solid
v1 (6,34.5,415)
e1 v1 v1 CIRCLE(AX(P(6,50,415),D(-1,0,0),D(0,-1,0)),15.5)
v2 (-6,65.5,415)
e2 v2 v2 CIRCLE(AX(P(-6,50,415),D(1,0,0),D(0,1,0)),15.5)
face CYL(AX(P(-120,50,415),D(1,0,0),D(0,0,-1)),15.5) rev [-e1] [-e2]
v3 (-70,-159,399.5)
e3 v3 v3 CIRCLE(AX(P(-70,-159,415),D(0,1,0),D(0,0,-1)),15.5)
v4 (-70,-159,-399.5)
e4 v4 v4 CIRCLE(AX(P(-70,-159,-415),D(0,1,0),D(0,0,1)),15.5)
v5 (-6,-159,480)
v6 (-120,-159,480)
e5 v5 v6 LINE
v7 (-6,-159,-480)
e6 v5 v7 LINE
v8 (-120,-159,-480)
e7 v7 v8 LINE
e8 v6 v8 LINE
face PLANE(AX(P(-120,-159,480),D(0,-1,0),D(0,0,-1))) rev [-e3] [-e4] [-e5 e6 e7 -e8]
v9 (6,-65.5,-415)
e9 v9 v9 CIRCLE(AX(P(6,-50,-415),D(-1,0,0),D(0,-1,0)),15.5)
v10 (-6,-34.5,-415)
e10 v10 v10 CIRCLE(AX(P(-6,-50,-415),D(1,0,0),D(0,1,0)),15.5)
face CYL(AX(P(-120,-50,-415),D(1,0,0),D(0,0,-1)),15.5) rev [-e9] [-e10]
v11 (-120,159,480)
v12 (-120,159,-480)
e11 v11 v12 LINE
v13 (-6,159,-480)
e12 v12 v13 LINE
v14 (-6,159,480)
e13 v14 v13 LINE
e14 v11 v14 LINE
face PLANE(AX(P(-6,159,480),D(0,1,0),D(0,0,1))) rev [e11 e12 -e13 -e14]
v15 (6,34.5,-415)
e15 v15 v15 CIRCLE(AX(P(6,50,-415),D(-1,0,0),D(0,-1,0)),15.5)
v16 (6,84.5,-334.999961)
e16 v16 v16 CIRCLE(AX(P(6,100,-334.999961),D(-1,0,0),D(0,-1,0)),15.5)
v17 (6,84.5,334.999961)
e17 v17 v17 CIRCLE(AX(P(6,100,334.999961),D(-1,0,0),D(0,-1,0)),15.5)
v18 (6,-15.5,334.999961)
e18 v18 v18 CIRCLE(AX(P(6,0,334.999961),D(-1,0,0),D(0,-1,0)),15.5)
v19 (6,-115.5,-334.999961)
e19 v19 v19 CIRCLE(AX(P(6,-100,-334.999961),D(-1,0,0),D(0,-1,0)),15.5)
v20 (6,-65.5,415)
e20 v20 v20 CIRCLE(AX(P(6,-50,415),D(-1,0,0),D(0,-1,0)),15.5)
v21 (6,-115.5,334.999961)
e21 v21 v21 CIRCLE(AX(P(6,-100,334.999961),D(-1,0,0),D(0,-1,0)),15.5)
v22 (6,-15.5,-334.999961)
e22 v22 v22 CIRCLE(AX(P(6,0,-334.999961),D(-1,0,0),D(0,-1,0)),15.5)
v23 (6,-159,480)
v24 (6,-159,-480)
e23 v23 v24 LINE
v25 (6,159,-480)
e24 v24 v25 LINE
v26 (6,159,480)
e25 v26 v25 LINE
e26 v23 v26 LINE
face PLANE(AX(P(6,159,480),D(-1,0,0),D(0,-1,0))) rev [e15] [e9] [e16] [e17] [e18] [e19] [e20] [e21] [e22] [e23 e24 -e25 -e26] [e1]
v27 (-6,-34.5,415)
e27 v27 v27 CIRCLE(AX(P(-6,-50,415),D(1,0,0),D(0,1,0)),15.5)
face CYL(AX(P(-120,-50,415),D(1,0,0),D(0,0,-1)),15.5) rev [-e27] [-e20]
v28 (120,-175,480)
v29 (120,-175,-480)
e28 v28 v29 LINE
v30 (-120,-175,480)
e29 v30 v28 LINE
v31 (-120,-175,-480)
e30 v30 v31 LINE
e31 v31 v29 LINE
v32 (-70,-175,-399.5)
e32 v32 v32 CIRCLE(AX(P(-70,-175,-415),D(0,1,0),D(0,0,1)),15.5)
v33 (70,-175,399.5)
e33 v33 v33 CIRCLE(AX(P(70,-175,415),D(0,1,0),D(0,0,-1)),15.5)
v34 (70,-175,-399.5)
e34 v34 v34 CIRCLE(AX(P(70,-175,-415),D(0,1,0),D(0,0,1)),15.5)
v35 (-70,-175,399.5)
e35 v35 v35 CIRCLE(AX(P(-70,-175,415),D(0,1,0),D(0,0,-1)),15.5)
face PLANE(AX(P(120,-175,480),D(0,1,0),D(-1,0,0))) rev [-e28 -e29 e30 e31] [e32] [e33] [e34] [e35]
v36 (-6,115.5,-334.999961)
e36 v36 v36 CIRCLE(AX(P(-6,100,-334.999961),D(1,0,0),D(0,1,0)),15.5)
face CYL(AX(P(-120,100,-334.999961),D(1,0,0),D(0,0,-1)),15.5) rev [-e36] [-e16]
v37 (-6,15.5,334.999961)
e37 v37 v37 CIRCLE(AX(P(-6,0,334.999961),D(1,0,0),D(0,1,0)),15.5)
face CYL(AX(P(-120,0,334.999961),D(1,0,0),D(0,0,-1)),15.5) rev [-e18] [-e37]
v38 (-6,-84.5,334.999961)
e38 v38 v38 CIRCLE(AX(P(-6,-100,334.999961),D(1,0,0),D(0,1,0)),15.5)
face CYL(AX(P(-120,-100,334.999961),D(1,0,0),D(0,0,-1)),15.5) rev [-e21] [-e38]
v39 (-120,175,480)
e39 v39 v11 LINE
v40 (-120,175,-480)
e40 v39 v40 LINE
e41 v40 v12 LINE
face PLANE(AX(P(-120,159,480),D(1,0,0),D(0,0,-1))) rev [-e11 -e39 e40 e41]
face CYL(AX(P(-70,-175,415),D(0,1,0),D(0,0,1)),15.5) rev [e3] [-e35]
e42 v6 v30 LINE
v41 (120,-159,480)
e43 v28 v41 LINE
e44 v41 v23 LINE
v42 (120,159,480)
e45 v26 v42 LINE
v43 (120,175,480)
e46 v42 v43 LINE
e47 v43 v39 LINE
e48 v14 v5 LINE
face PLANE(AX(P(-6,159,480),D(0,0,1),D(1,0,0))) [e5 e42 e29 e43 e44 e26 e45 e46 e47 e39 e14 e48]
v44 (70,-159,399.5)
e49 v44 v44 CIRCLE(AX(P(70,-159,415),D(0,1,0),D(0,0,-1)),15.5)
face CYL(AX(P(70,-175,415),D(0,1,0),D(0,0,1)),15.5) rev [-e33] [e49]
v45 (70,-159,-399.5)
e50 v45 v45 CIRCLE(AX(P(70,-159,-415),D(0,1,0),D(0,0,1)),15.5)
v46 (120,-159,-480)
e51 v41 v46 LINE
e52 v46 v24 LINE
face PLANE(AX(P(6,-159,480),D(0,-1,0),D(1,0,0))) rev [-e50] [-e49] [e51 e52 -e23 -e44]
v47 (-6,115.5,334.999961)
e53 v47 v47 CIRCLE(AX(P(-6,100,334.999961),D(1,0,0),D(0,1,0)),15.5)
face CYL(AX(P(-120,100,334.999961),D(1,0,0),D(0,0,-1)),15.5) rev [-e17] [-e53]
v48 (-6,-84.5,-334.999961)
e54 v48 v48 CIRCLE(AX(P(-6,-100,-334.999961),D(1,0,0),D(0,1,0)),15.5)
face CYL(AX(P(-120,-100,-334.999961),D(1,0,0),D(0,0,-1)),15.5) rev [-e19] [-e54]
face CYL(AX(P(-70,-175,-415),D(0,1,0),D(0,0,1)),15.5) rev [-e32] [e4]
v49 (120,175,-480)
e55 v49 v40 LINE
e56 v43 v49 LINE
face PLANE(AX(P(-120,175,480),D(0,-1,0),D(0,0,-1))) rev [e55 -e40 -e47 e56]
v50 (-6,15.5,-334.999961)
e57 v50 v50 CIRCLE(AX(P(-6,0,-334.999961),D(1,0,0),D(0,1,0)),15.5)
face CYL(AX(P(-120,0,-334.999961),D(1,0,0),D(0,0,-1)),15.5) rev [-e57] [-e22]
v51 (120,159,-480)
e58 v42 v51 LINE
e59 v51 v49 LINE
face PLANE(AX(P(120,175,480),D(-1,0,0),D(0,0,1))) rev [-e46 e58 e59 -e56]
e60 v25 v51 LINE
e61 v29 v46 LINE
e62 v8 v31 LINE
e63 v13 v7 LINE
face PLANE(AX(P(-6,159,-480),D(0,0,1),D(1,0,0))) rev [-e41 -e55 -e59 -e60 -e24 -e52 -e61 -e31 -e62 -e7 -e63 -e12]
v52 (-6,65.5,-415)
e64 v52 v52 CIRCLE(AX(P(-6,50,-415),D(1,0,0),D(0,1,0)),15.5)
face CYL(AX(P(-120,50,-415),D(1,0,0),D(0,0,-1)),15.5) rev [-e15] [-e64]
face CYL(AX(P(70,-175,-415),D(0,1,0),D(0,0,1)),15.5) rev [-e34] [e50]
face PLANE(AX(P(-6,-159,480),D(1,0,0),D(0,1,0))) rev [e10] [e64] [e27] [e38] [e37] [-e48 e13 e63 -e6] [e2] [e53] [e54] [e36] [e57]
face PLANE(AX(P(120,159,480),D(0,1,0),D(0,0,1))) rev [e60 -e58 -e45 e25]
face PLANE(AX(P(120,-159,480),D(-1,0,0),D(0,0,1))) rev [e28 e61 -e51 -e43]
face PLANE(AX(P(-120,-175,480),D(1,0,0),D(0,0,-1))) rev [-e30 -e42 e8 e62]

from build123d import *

# Parameters (mm, degrees)
EXTRUDE_1_DEPTH          = 480
CUT_EXTRUDE_2_DEPTH      = 525.809489243
CUT_EXTRUDE_2_DEPTH_BACK = 525.809489243
SKETCH_2_R               = 15.5
SKETCH_5_R               = 15.5
CUT_EXTRUDE_4_DEPTH      = 597.95560974


with BuildPart() as part:
    # 草图1 → 拉伸1 (new, symmetric)
    with BuildSketch(Plane.XY):
        Polygon((-6, 159), (-120, 159), (-120, 175), (120, 175), (120, 159), (6, 159), (6, -159), (120, -159), (120, -175), (-120, -175), (-120, -159), (-6, -159), align=None)
    extrude(amount=EXTRUDE_1_DEPTH, both=True)

    # 草图2 → 拉伸2 (cut, two sides: drawn at the far end of the back side and taken through both)
    with BuildSketch(Plane(origin=(0, 0, 0), x_dir=(0, 0, -1), z_dir=(1, 0, 0)).offset(-CUT_EXTRUDE_2_DEPTH_BACK)):
        with Locations(Location((-415, 50, 0), (0, 0, 270))):
            Circle(SKETCH_2_R)
        with Locations(Location((-334.999961203, 100, 0), (0, 0, 270))):
            Circle(SKETCH_2_R)
        with Locations(Location((-334.999961203, 0, 0), (0, 0, 270))):
            Circle(SKETCH_2_R)
        with Locations(Location((-334.999961203, -100, 0), (0, 0, 270))):
            Circle(SKETCH_2_R)
        with Locations(Location((-415, -50, 0), (0, 0, 270))):
            Circle(SKETCH_2_R)
        with Locations(Location((415, -50, 0), (0, 0, 270))):
            Circle(SKETCH_2_R)
        with Locations(Location((334.999961203, -100, 0), (0, 0, 270))):
            Circle(SKETCH_2_R)
        with Locations(Location((334.999961203, 0, 0), (0, 0, 270))):
            Circle(SKETCH_2_R)
        with Locations(Location((334.999961203, 100, 0), (0, 0, 270))):
            Circle(SKETCH_2_R)
        with Locations(Location((415, 50, 0), (0, 0, 270))):
            Circle(SKETCH_2_R)
    extrude(amount=CUT_EXTRUDE_2_DEPTH + CUT_EXTRUDE_2_DEPTH_BACK, mode=Mode.SUBTRACT)

    # 草图5 → 拉伸4 (cut, through all)
    with BuildSketch(Plane(origin=(0, -159, 0), x_dir=(1, 0, 0), z_dir=(0, 1, 0))):
        with Locations(Location((-70, 415, 0), (0, 0, 270))):
            Circle(SKETCH_5_R)
        with Locations(Location((70, 415, 0), (0, 0, 270))):
            Circle(SKETCH_5_R)
        with Locations(Location((-70, -415, 0), (0, 0, 90))):
            Circle(SKETCH_5_R)
        with Locations(Location((70, -415, 0), (0, 0, 90))):
            Circle(SKETCH_5_R)
    extrude(amount=-CUT_EXTRUDE_4_DEPTH, mode=Mode.SUBTRACT)


solid = part.part
